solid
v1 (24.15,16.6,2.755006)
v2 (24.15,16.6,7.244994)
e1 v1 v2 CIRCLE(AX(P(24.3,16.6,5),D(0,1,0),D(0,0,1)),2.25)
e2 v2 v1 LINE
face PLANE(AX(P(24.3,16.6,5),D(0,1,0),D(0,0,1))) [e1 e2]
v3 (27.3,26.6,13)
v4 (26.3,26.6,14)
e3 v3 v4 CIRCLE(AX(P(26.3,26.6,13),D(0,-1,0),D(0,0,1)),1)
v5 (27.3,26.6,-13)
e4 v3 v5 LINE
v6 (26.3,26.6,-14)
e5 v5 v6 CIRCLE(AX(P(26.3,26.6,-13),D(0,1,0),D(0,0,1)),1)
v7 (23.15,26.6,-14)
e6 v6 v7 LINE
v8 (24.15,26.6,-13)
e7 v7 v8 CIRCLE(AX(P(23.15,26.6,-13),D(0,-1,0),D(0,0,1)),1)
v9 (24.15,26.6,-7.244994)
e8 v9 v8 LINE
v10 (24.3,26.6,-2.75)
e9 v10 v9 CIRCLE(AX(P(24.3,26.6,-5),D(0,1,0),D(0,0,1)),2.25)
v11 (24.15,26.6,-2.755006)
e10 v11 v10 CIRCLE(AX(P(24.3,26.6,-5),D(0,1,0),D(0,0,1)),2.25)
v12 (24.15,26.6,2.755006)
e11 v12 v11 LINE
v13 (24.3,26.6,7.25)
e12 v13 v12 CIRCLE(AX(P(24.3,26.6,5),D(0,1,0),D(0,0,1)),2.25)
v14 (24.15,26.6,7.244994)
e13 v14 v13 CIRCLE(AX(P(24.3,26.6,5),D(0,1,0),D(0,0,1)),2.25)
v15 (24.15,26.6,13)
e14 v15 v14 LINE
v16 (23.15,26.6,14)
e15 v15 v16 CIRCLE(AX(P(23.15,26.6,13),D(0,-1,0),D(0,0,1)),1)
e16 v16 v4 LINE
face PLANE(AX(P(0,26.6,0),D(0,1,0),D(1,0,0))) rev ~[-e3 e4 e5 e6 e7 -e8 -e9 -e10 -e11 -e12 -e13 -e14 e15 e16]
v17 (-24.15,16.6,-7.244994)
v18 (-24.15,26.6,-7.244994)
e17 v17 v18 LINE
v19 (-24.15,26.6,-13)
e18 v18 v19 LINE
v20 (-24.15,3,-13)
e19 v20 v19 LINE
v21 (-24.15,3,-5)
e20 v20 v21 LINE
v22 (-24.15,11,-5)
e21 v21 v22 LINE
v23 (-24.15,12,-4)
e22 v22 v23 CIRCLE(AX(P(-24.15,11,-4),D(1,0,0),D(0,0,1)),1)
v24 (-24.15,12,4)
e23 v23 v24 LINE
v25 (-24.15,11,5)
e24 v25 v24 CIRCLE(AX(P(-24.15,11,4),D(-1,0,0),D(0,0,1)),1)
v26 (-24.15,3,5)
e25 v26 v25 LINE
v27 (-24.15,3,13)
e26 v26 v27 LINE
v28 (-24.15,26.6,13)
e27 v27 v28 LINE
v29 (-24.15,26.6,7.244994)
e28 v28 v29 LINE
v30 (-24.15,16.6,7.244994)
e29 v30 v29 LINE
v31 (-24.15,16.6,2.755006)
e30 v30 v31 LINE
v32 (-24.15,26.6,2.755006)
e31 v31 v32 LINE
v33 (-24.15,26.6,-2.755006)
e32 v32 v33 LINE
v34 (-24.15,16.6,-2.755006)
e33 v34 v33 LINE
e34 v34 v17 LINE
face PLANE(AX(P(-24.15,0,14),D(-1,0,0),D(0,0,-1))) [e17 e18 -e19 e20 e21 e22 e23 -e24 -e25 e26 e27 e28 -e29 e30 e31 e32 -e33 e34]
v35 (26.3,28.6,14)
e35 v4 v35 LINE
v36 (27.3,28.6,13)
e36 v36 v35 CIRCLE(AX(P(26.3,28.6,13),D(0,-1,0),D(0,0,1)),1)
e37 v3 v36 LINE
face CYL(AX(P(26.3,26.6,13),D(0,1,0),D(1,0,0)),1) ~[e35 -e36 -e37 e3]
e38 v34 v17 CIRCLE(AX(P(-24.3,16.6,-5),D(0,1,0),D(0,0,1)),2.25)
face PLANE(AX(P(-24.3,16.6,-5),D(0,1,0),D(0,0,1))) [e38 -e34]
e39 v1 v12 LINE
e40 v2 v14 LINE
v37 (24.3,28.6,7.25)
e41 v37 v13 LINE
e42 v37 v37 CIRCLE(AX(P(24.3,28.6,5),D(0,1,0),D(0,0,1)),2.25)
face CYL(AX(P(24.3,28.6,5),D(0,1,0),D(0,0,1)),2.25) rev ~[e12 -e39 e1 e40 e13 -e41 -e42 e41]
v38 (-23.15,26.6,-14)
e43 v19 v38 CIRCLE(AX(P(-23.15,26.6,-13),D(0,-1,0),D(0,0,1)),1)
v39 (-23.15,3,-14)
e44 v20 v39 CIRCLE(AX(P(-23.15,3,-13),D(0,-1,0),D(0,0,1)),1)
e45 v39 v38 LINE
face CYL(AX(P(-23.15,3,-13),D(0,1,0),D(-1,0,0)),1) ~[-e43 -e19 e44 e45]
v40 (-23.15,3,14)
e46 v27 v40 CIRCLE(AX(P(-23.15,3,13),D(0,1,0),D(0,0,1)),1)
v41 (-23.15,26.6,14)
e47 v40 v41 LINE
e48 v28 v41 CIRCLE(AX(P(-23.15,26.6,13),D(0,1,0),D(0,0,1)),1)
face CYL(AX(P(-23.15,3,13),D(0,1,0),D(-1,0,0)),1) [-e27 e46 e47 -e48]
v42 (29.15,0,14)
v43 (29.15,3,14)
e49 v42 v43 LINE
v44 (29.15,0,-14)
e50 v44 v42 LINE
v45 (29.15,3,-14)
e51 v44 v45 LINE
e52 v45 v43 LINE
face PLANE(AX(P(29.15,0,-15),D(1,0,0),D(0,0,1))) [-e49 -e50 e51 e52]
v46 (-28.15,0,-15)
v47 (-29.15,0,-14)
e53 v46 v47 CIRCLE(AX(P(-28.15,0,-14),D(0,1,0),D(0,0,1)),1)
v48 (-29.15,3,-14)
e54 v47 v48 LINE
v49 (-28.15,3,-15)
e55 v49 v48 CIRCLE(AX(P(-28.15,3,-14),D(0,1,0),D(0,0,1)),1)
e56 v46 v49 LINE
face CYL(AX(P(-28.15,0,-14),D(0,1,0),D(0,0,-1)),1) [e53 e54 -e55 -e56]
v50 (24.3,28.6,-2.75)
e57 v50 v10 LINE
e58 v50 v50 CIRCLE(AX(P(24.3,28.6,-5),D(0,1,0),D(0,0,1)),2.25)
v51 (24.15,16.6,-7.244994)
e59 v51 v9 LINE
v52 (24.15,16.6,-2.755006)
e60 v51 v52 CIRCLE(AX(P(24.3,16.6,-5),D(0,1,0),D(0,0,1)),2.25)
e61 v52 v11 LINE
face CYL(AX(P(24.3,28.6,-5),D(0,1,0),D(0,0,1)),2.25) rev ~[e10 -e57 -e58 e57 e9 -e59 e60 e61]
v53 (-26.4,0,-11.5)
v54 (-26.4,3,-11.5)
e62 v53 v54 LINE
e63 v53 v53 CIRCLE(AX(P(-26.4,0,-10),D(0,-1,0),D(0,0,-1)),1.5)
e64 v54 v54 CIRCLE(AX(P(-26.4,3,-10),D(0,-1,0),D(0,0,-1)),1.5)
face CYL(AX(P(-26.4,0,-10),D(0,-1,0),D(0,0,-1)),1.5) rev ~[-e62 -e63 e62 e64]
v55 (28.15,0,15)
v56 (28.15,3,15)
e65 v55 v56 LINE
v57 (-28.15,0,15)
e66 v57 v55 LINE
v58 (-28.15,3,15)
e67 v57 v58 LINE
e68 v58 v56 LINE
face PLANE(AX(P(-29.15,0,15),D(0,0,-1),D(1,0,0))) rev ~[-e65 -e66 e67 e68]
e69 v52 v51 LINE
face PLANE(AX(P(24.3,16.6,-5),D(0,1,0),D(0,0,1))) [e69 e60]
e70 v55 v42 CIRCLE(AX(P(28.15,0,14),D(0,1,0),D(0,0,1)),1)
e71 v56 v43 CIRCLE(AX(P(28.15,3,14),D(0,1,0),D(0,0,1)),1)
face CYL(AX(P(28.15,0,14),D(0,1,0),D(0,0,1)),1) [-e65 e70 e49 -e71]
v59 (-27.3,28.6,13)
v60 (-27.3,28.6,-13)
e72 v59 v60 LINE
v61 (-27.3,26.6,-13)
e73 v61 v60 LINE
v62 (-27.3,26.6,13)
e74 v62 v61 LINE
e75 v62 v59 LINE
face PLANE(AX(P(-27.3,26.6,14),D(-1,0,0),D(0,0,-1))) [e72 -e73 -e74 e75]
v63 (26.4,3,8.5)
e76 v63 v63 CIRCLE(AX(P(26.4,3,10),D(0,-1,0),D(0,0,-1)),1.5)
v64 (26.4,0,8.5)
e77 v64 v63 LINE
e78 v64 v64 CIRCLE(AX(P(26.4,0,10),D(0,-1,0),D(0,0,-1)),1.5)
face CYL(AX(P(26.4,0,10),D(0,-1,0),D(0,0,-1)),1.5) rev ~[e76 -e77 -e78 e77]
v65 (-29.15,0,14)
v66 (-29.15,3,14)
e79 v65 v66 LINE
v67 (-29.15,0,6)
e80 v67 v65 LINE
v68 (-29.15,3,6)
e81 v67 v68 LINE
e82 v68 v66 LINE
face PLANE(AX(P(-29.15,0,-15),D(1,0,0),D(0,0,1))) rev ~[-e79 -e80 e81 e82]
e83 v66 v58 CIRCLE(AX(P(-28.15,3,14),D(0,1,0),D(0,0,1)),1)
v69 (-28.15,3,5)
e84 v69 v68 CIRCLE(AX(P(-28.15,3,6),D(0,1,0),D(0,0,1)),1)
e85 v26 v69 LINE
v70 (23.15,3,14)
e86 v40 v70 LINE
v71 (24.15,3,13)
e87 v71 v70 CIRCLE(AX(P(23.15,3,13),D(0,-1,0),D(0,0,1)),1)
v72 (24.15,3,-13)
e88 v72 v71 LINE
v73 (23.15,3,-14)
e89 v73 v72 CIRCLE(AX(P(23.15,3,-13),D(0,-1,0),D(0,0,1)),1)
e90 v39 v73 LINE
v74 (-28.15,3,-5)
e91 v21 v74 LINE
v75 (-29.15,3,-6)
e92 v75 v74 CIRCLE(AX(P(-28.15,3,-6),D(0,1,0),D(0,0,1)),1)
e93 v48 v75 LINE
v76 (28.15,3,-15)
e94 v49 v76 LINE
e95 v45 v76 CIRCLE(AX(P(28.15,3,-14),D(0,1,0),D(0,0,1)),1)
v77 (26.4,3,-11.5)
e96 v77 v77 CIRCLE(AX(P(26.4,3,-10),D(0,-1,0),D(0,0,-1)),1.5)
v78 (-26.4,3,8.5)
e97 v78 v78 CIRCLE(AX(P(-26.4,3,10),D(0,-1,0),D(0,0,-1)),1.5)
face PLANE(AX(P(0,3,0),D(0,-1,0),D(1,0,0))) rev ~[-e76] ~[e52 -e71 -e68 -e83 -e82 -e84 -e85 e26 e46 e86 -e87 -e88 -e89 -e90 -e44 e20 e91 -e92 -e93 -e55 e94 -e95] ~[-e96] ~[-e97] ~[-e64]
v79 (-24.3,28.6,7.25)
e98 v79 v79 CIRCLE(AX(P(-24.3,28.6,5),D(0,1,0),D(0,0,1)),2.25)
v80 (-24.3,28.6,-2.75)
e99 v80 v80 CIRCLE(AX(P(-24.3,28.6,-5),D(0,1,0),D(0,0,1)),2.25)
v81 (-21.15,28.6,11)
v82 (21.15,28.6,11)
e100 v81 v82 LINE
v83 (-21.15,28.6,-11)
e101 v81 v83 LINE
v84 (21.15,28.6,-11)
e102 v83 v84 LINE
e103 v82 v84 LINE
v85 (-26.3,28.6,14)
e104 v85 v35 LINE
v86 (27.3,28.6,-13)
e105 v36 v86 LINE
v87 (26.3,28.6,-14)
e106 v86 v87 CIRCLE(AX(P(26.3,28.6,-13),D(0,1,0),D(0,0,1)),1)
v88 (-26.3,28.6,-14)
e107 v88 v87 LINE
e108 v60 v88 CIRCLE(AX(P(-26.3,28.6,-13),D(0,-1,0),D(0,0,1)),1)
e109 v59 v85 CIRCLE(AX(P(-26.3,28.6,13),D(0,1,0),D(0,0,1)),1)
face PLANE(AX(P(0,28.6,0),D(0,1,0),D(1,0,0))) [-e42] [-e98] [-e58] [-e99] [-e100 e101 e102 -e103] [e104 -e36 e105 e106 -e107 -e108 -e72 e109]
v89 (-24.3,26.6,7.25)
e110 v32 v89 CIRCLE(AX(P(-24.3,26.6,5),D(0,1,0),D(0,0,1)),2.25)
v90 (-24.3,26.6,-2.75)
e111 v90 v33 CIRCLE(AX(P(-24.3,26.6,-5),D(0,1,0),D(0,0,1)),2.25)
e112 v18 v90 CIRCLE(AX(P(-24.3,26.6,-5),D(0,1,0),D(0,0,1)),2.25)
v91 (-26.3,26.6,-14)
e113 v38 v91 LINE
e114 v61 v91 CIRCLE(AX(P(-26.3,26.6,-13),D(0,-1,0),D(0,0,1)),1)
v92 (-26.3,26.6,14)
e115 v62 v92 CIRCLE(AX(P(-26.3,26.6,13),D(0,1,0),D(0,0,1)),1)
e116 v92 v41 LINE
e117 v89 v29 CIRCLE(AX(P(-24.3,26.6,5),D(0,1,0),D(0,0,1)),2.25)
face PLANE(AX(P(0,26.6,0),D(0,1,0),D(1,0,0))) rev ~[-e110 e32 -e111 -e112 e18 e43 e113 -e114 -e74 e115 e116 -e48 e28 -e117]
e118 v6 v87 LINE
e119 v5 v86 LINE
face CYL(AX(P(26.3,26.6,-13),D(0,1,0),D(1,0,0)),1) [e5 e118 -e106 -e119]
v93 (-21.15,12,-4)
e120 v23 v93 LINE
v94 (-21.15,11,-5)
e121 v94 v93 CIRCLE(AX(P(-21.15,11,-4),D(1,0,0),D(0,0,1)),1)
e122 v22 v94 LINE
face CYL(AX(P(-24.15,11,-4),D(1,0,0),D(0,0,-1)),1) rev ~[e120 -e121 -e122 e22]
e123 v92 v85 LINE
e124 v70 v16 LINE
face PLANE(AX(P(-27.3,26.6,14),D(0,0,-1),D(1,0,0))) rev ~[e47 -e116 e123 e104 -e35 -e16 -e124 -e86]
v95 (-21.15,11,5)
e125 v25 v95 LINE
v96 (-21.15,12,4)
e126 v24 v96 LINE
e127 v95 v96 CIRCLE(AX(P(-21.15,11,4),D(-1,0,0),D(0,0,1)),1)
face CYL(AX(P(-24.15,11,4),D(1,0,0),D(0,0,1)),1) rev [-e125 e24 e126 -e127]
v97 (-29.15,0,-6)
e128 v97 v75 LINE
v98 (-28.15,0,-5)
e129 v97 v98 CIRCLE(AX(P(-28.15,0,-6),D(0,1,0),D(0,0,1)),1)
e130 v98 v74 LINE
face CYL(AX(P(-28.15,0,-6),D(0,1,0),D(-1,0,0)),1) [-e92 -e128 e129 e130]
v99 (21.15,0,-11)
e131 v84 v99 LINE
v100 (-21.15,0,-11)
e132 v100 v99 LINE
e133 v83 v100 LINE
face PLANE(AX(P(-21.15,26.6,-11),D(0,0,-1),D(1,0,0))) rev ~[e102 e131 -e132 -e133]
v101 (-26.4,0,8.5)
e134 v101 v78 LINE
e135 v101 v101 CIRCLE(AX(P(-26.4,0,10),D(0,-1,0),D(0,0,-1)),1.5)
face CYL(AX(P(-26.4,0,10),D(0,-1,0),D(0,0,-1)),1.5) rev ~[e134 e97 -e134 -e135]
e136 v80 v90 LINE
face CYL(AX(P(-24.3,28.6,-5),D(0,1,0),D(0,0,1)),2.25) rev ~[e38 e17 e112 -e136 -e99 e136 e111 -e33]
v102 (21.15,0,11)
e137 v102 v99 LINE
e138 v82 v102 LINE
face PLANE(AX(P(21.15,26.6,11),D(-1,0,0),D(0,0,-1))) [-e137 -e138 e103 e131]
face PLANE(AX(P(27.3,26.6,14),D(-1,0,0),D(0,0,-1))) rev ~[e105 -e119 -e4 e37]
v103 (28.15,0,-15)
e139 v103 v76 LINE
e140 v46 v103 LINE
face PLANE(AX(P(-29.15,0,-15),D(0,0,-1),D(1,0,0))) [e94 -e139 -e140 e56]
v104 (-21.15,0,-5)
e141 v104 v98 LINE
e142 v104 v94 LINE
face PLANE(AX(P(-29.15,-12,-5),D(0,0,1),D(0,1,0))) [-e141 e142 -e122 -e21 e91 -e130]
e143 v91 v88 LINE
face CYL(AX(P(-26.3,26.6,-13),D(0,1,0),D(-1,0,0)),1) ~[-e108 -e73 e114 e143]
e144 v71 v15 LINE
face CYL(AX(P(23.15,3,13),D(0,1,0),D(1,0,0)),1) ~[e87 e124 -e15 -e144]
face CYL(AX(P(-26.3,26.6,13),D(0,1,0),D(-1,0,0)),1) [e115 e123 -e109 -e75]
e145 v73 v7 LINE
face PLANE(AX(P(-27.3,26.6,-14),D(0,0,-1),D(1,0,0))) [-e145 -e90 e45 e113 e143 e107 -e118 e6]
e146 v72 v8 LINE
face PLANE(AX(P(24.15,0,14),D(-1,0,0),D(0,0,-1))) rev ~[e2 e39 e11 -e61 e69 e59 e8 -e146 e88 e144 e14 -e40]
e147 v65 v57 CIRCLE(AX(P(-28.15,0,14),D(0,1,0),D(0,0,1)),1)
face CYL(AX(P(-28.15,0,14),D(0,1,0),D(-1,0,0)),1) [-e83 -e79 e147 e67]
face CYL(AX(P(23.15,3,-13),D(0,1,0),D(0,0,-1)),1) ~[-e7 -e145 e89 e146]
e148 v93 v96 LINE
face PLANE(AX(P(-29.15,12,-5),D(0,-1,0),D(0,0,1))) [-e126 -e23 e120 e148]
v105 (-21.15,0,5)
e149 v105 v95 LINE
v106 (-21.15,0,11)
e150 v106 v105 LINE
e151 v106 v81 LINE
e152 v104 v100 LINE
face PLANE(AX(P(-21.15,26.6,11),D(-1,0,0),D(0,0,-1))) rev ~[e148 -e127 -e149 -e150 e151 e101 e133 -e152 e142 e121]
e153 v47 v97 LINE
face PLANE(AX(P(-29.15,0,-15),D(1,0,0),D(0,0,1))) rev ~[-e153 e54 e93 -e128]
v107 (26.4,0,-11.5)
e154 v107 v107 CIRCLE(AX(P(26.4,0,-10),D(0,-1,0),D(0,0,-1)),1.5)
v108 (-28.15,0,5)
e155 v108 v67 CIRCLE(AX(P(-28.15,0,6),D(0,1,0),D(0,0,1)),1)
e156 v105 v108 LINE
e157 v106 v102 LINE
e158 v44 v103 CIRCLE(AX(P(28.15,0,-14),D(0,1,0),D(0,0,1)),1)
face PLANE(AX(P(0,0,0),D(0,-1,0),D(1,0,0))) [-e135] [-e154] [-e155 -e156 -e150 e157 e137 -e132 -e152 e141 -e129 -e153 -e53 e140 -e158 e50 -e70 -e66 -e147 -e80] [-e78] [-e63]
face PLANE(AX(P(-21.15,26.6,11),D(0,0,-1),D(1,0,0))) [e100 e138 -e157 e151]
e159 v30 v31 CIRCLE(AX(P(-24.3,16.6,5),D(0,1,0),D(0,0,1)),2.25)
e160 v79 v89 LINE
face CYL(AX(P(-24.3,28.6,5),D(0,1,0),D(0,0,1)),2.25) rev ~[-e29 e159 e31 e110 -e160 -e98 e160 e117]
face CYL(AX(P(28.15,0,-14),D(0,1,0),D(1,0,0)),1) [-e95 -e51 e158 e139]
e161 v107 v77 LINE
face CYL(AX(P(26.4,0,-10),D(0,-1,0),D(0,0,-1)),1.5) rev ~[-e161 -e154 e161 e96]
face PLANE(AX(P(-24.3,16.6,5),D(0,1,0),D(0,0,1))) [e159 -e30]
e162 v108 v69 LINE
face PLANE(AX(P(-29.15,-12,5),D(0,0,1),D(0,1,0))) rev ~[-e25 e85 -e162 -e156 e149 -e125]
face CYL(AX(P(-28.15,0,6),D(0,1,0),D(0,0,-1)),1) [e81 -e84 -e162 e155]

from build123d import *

# Parameters (mm, degrees)
SKETCH1_W           = 48.3
SKETCH1_H           = 28
SKETCH1_W_2         = 42.3
SKETCH1_H_2         = 22
BOSS_EXTRUDE1_DEPTH = 26.6
SKETCH2_W           = 54.6
SKETCH2_H           = 28
SKETCH2_W_2         = 42.3
SKETCH2_H_2         = 22
BOSS_EXTRUDE2_DEPTH = 2
SKETCH4_R           = 2.25
CUT_EXTRUDE1_DEPTH  = 12
SKETCH5_W           = 58.3
SKETCH5_H           = 30
SKETCH5_W_2         = 48.3
SKETCH5_H_2         = 28
BOSS_EXTRUDE3_DEPTH = 3
SKETCH6_W           = 10
SKETCH6_H           = 24
CUT_EXTRUDE2_DEPTH  = 10
SKETCH7_R           = 1.5
CUT_EXTRUDE3_DEPTH  = 10
FILLET1_R           = 1
FILLET2_R           = 1
FILLET3_R           = 1


with BuildPart() as part:
    # Sketch1 → Boss-Extrude1 (new body)
    with BuildSketch(Plane(origin=(0, 0, 0), x_dir=(1, 0, 0), z_dir=(0, 1, 0))):
        Rectangle(SKETCH1_W, SKETCH1_H)
        Rectangle(SKETCH1_W_2, SKETCH1_H_2, mode=Mode.SUBTRACT)
    extrude(amount=BOSS_EXTRUDE1_DEPTH)

    # Sketch2 → Boss-Extrude2 (add)
    with BuildSketch(Plane(origin=(0, 26.6, 0), x_dir=(1, 0, 0), z_dir=(0, 1, 0))):
        Rectangle(SKETCH2_W, SKETCH2_H)
        Rectangle(SKETCH2_W_2, SKETCH2_H_2, mode=Mode.SUBTRACT)
    extrude(amount=BOSS_EXTRUDE2_DEPTH)

    # Sketch4 → Cut-Extrude1 (cut)
    with BuildSketch(Plane(origin=(0, 28.6, 0), x_dir=(1, 0, 0), z_dir=(0, 1, 0))):
        with Locations(Location((-24.3, 5, 0), (0, 0, 270))):
            Circle(SKETCH4_R)
        with Locations(Location((-24.3, -5, 0), (0, 0, 270))):
            Circle(SKETCH4_R)
        with Locations(Location((24.3, 5, 0), (0, 0, 270))):
            Circle(SKETCH4_R)
        with Locations(Location((24.3, -5, 0), (0, 0, 270))):
            Circle(SKETCH4_R)
    extrude(amount=-CUT_EXTRUDE1_DEPTH, mode=Mode.SUBTRACT)

    # Sketch5 → Boss-Extrude3 (add)
    with BuildSketch(Plane.XZ):
        Rectangle(SKETCH5_W, SKETCH5_H)
        Rectangle(SKETCH5_W_2, SKETCH5_H_2, mode=Mode.SUBTRACT)
    extrude(amount=-BOSS_EXTRUDE3_DEPTH)

    # Sketch6 → Cut-Extrude2 (cut)
    with BuildSketch(Plane.ZY.offset(29.15)):
        Rectangle(SKETCH6_W, SKETCH6_H)
    extrude(amount=-CUT_EXTRUDE2_DEPTH, mode=Mode.SUBTRACT)

    # Sketch7 → Cut-Extrude3 (cut)
    with BuildSketch(Plane.XZ):
        with Locations(Location((-26.4, 10, 0), (0, 0, 270))):
            Circle(SKETCH7_R)
        with Locations(Location((-26.4, -10, 0), (0, 0, 270))):
            Circle(SKETCH7_R)
        with Locations(Location((26.4, 10, 0), (0, 0, 270))):
            Circle(SKETCH7_R)
        with Locations(Location((26.4, -10, 0), (0, 0, 270))):
            Circle(SKETCH7_R)
    extrude(amount=-CUT_EXTRUDE3_DEPTH, mode=Mode.SUBTRACT)

    # Fillet1
    fillet1_edges = [part.edges().sort_by_distance(p)[0] for p in [
        (-24.15, 14.8, -14),
        (24.15, 14.8, -14),
        (24.15, 14.8, 14),
        (-24.15, 14.8, 14),
    ]]
    fillet(fillet1_edges, radius=FILLET1_R)

    # Fillet2
    fillet2_edges = [part.edges().sort_by_distance(p)[0] for p in [
        (-29.15, 1.5, 5),
        (-29.15, 1.5, -5),
        (27.3, 27.6, 14),
        (27.3, 27.6, -14),
        (-27.3, 27.6, -14),
        (-27.3, 27.6, 14),
        (29.15, 1.5, 15),
        (29.15, 1.5, -15),
        (-29.15, 1.5, -15),
        (-29.15, 1.5, 15),
    ]]
    fillet(fillet2_edges, radius=FILLET2_R)

    # Fillet3
    fillet3_edges = [part.edges().sort_by_distance(p)[0] for p in [
        (-22.65, 12, -5),
        (-22.65, 12, 5),
    ]]
    fillet(fillet3_edges, radius=FILLET3_R)


solid = part.part
